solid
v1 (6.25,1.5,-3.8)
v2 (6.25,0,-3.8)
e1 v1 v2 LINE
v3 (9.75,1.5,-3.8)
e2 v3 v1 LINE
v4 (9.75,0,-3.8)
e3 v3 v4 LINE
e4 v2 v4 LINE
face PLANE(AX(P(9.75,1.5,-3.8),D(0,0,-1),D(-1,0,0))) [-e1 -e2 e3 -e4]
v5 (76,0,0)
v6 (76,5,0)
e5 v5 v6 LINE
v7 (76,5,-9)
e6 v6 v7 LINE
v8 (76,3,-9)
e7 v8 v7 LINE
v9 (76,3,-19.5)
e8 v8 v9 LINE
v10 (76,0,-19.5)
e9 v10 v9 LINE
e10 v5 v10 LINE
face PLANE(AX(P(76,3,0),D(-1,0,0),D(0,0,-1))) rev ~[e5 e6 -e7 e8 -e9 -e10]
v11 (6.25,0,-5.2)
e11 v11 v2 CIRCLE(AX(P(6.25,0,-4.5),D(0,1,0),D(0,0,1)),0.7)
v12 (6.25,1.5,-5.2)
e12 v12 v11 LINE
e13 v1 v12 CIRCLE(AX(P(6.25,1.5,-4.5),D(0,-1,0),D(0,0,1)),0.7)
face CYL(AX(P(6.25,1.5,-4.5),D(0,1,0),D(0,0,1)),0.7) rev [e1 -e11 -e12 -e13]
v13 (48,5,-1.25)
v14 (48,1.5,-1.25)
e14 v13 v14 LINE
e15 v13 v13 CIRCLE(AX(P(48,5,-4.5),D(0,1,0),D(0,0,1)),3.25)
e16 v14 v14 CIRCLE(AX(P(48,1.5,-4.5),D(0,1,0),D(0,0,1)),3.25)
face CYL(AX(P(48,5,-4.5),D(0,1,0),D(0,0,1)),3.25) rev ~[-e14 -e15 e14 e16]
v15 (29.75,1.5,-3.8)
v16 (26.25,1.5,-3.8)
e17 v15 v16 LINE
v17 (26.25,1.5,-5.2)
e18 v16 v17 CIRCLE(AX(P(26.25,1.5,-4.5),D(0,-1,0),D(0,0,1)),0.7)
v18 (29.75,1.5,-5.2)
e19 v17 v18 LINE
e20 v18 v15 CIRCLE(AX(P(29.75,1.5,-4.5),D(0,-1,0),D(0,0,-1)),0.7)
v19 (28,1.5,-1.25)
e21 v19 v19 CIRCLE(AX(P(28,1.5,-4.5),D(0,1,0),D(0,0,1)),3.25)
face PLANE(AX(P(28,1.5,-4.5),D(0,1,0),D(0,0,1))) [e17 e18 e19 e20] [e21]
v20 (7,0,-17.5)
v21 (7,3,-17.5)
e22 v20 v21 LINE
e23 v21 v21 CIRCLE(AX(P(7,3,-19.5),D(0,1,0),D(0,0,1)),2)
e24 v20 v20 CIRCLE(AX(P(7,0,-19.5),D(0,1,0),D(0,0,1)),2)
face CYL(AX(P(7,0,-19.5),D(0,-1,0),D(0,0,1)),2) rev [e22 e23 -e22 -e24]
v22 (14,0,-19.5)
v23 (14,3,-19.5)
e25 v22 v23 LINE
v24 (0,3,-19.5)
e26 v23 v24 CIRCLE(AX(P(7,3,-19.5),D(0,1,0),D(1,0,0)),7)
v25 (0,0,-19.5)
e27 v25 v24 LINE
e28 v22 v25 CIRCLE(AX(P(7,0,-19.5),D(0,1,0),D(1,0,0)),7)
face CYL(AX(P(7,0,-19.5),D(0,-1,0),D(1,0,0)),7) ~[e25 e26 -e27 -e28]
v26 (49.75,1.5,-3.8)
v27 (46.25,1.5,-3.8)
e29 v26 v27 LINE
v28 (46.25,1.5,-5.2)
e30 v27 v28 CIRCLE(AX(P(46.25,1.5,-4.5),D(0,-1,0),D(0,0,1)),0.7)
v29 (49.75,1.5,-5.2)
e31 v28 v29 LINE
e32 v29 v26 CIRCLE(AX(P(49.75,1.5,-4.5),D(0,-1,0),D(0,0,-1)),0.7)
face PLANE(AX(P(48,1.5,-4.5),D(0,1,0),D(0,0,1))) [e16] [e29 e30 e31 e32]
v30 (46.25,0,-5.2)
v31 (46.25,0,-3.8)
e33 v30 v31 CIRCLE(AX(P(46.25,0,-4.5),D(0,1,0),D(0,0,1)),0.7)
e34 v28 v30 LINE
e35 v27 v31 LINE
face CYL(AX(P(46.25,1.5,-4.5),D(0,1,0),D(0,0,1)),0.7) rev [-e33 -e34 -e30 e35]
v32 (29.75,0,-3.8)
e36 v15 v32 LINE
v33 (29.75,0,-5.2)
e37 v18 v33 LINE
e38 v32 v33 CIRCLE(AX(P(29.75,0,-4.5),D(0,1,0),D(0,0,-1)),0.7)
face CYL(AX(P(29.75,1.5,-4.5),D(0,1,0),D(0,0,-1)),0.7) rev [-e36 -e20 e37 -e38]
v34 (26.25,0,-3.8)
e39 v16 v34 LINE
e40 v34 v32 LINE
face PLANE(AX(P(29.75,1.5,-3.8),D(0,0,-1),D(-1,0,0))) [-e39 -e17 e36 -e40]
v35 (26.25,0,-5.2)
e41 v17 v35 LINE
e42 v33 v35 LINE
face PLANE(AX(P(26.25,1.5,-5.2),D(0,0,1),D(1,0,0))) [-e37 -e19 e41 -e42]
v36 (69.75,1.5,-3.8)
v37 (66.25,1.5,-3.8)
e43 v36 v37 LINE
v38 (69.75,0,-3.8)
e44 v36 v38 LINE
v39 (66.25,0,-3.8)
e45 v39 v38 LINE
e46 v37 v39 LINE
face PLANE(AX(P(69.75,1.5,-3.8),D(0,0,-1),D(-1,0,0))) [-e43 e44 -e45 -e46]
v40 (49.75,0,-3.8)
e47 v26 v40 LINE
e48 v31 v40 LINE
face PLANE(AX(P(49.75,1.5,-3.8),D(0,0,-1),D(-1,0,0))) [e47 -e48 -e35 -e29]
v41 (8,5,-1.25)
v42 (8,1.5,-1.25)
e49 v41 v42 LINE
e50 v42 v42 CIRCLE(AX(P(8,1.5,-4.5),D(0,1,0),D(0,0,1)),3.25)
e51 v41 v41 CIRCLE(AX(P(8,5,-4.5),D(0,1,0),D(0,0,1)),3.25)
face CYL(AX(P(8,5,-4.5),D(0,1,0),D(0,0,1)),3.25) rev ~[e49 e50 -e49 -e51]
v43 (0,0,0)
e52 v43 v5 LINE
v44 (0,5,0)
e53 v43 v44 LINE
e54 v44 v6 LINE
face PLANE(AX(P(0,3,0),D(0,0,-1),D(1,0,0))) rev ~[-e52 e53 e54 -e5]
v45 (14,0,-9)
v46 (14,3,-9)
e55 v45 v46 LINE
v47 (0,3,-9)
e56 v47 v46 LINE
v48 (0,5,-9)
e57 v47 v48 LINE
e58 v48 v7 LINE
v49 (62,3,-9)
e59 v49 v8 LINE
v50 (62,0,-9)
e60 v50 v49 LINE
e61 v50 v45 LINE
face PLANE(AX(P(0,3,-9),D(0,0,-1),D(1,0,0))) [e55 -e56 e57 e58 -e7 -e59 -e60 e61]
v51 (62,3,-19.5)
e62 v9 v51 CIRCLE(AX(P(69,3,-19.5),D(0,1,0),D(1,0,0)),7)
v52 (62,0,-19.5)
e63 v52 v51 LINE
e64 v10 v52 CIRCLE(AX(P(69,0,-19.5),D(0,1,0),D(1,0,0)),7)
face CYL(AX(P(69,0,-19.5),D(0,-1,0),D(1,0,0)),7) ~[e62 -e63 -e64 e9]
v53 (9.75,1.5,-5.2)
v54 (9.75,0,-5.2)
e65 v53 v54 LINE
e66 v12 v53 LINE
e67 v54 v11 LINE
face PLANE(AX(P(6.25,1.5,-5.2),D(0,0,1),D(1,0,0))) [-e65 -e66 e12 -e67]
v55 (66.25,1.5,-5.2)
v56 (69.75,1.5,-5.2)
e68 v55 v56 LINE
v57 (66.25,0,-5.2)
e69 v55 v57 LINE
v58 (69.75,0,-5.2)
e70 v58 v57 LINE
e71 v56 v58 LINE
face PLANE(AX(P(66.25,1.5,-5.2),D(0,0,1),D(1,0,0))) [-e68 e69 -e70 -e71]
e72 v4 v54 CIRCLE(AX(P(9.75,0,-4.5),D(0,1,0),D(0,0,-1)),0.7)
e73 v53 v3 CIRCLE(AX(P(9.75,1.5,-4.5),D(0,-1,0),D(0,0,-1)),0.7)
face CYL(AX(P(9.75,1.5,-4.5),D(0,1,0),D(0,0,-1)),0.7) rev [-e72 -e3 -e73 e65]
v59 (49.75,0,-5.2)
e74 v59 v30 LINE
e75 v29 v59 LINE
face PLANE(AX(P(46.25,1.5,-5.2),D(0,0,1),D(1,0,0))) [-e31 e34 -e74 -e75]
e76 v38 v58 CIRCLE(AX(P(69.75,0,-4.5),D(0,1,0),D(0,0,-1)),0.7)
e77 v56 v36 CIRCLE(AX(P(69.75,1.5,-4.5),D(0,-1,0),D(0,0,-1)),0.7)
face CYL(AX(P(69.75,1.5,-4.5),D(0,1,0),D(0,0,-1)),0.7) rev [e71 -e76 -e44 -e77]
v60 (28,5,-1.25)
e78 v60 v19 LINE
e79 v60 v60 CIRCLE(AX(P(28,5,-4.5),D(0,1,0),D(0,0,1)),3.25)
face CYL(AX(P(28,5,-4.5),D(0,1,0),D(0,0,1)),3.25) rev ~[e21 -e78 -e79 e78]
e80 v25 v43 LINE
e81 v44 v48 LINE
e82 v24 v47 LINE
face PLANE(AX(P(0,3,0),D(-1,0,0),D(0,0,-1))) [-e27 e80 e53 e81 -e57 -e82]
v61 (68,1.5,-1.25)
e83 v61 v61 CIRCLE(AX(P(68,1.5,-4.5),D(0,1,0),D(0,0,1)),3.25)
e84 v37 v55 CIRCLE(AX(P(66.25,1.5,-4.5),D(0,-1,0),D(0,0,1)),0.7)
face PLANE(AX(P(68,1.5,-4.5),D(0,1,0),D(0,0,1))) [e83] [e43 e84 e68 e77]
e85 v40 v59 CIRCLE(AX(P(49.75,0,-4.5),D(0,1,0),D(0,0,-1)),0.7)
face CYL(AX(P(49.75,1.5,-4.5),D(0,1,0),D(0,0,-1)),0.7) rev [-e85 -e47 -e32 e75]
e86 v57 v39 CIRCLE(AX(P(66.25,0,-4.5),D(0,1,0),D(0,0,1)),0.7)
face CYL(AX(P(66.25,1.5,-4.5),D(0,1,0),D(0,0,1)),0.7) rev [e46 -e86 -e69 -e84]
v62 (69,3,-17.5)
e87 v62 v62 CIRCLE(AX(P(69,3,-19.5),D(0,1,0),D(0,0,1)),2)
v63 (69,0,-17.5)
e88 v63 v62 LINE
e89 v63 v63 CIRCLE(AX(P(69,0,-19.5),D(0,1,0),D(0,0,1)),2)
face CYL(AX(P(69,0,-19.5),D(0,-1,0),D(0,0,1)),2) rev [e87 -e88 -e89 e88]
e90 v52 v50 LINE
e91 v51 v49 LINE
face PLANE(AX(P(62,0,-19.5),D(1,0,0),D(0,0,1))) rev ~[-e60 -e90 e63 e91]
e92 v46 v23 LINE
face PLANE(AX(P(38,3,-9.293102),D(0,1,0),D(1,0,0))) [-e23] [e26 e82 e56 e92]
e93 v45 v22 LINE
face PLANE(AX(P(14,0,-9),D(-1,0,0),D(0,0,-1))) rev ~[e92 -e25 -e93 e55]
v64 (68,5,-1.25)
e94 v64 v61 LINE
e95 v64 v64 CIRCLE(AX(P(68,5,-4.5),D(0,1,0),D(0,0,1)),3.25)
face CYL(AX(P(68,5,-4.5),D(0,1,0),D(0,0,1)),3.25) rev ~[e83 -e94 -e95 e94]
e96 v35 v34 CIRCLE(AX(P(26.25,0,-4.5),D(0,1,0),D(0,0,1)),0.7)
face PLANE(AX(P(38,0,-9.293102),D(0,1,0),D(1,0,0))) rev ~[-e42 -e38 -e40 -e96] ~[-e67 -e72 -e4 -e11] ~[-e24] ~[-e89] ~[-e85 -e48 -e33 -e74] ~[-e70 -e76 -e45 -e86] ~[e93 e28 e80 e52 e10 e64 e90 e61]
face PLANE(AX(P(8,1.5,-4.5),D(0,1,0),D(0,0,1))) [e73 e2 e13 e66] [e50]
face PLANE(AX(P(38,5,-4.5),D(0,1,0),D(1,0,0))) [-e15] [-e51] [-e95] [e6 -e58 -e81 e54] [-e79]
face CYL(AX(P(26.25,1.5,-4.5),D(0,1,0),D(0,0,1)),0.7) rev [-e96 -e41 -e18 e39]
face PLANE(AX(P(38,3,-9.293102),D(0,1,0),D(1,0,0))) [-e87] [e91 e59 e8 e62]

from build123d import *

# Parameters (mm, degrees)
SKETCH1_R           = 2
BOSS_EXTRUDE1_DEPTH = 3
SKETCH2_W           = 76
SKETCH2_H           = 9
BOSS_EXTRUDE2_DEPTH = 2
SKETCH3_R           = 3.25
CUT_EXTRUDE1_DEPTH  = 3.5
CUT_EXTRUDE2_REACH  = 82.564


with BuildPart() as part:
    # Sketch1 → Boss-Extrude1 (new body)
    with BuildSketch(Plane(origin=(0, 0, 0), x_dir=(1, 0, 0), z_dir=(0, 1, 0))):
        with BuildLine():
            ThreePointArc((76, 19.5), (69, 26.5), (62, 19.5))
            Line((62, 19.5), (62, 9))
            Line((62, 9), (14, 9))
            Line((14, 9), (14, 19.5))
            ThreePointArc((14, 19.5), (7, 26.5), (0, 19.5))
            Line((0, 19.5), (0, 0))
            Line((0, 0), (76, 0))
            Line((76, 0), (76, 19.5))
        make_face()
        with Locations(Location((69, 19.5, 0), (0, 0, 270))):
            Circle(SKETCH1_R, mode=Mode.SUBTRACT)
        with Locations(Location((7, 19.5, 0), (0, 0, 270))):
            Circle(SKETCH1_R, mode=Mode.SUBTRACT)
    extrude(amount=BOSS_EXTRUDE1_DEPTH)

    # Sketch2 → Boss-Extrude2 (add)
    with BuildSketch(Plane(origin=(0, 3, 0), x_dir=(1, 0, 0), z_dir=(0, 1, 0))):
        with Locations((38, 4.5)):
            Rectangle(SKETCH2_W, SKETCH2_H)
    extrude(amount=BOSS_EXTRUDE2_DEPTH)

    # Sketch3 → Cut-Extrude1 (cut)
    with BuildSketch(Plane(origin=(0, 5, 0), x_dir=(1, 0, 0), z_dir=(0, 1, 0))):
        with Locations(Location((8, 4.5, 0), (0, 0, 270))):
            Circle(SKETCH3_R)
        with Locations(Location((28, 4.5, 0), (0, 0, 270))):
            Circle(SKETCH3_R)
        with Locations(Location((48, 4.5, 0), (0, 0, 270))):
            Circle(SKETCH3_R)
        with Locations(Location((68, 4.5, 0), (0, 0, 270))):
            Circle(SKETCH3_R)
    extrude(amount=-CUT_EXTRUDE1_DEPTH, mode=Mode.SUBTRACT)

    # Sketch4 → Cut-Extrude2 (cut, up to next)
    with BuildSketch(Plane(origin=(0, 1.5, 0), x_dir=(1, 0, 0), z_dir=(0, 1, 0)), mode=Mode.PRIVATE) as cut_extrude2_sk1:
        with BuildLine():
            Line((6.25, 5.2), (9.75, 5.2))
            ThreePointArc((9.75, 5.2), (10.45, 4.5), (9.75, 3.8))
            Line((9.75, 3.8), (6.25, 3.8))
            ThreePointArc((6.25, 3.8), (5.55, 4.5), (6.25, 5.2))
        make_face()
    cut_extrude2_tool1 = extrude(cut_extrude2_sk1.sketch, amount=-CUT_EXTRUDE2_REACH, mode=Mode.PRIVATE) & part.part
    # Sketch4 → Cut-Extrude2 (cut, up to next)
    with BuildSketch(Plane(origin=(0, 1.5, 0), x_dir=(1, 0, 0), z_dir=(0, 1, 0)), mode=Mode.PRIVATE) as cut_extrude2_sk2:
        with BuildLine():
            Line((26.25, 5.2), (29.75, 5.2))
            ThreePointArc((29.75, 5.2), (30.45, 4.5), (29.75, 3.8))
            Line((29.75, 3.8), (26.25, 3.8))
            ThreePointArc((26.25, 3.8), (25.55, 4.5), (26.25, 5.2))
        make_face()
    cut_extrude2_tool2 = extrude(cut_extrude2_sk2.sketch, amount=-CUT_EXTRUDE2_REACH, mode=Mode.PRIVATE) & part.part
    # Sketch4 → Cut-Extrude2 (cut, up to next)
    with BuildSketch(Plane(origin=(0, 1.5, 0), x_dir=(1, 0, 0), z_dir=(0, 1, 0)), mode=Mode.PRIVATE) as cut_extrude2_sk3:
        with BuildLine():
            Line((46.25, 5.2), (49.75, 5.2))
            ThreePointArc((49.75, 5.2), (50.45, 4.5), (49.75, 3.8))
            Line((49.75, 3.8), (46.25, 3.8))
            ThreePointArc((46.25, 3.8), (45.55, 4.5), (46.25, 5.2))
        make_face()
    cut_extrude2_tool3 = extrude(cut_extrude2_sk3.sketch, amount=-CUT_EXTRUDE2_REACH, mode=Mode.PRIVATE) & part.part
    # Sketch4 → Cut-Extrude2 (cut, up to next)
    with BuildSketch(Plane(origin=(0, 1.5, 0), x_dir=(1, 0, 0), z_dir=(0, 1, 0)), mode=Mode.PRIVATE) as cut_extrude2_sk4:
        with BuildLine():
            Line((66.25, 5.2), (69.75, 5.2))
            ThreePointArc((69.75, 5.2), (70.45, 4.5), (69.75, 3.8))
            Line((69.75, 3.8), (66.25, 3.8))
            ThreePointArc((66.25, 3.8), (65.55, 4.5), (66.25, 5.2))
        make_face()
    cut_extrude2_tool4 = extrude(cut_extrude2_sk4.sketch, amount=-CUT_EXTRUDE2_REACH, mode=Mode.PRIVATE) & part.part
    add(cut_extrude2_tool1.solids().sort_by_distance((8, 1.5, -4.5))[0], mode=Mode.SUBTRACT)
    add(cut_extrude2_tool2.solids().sort_by_distance((28, 1.5, -4.5))[0], mode=Mode.SUBTRACT)
    add(cut_extrude2_tool3.solids().sort_by_distance((48, 1.5, -4.5))[0], mode=Mode.SUBTRACT)
    add(cut_extrude2_tool4.solids().sort_by_distance((68, 1.5, -4.5))[0], mode=Mode.SUBTRACT)


solid = part.part
